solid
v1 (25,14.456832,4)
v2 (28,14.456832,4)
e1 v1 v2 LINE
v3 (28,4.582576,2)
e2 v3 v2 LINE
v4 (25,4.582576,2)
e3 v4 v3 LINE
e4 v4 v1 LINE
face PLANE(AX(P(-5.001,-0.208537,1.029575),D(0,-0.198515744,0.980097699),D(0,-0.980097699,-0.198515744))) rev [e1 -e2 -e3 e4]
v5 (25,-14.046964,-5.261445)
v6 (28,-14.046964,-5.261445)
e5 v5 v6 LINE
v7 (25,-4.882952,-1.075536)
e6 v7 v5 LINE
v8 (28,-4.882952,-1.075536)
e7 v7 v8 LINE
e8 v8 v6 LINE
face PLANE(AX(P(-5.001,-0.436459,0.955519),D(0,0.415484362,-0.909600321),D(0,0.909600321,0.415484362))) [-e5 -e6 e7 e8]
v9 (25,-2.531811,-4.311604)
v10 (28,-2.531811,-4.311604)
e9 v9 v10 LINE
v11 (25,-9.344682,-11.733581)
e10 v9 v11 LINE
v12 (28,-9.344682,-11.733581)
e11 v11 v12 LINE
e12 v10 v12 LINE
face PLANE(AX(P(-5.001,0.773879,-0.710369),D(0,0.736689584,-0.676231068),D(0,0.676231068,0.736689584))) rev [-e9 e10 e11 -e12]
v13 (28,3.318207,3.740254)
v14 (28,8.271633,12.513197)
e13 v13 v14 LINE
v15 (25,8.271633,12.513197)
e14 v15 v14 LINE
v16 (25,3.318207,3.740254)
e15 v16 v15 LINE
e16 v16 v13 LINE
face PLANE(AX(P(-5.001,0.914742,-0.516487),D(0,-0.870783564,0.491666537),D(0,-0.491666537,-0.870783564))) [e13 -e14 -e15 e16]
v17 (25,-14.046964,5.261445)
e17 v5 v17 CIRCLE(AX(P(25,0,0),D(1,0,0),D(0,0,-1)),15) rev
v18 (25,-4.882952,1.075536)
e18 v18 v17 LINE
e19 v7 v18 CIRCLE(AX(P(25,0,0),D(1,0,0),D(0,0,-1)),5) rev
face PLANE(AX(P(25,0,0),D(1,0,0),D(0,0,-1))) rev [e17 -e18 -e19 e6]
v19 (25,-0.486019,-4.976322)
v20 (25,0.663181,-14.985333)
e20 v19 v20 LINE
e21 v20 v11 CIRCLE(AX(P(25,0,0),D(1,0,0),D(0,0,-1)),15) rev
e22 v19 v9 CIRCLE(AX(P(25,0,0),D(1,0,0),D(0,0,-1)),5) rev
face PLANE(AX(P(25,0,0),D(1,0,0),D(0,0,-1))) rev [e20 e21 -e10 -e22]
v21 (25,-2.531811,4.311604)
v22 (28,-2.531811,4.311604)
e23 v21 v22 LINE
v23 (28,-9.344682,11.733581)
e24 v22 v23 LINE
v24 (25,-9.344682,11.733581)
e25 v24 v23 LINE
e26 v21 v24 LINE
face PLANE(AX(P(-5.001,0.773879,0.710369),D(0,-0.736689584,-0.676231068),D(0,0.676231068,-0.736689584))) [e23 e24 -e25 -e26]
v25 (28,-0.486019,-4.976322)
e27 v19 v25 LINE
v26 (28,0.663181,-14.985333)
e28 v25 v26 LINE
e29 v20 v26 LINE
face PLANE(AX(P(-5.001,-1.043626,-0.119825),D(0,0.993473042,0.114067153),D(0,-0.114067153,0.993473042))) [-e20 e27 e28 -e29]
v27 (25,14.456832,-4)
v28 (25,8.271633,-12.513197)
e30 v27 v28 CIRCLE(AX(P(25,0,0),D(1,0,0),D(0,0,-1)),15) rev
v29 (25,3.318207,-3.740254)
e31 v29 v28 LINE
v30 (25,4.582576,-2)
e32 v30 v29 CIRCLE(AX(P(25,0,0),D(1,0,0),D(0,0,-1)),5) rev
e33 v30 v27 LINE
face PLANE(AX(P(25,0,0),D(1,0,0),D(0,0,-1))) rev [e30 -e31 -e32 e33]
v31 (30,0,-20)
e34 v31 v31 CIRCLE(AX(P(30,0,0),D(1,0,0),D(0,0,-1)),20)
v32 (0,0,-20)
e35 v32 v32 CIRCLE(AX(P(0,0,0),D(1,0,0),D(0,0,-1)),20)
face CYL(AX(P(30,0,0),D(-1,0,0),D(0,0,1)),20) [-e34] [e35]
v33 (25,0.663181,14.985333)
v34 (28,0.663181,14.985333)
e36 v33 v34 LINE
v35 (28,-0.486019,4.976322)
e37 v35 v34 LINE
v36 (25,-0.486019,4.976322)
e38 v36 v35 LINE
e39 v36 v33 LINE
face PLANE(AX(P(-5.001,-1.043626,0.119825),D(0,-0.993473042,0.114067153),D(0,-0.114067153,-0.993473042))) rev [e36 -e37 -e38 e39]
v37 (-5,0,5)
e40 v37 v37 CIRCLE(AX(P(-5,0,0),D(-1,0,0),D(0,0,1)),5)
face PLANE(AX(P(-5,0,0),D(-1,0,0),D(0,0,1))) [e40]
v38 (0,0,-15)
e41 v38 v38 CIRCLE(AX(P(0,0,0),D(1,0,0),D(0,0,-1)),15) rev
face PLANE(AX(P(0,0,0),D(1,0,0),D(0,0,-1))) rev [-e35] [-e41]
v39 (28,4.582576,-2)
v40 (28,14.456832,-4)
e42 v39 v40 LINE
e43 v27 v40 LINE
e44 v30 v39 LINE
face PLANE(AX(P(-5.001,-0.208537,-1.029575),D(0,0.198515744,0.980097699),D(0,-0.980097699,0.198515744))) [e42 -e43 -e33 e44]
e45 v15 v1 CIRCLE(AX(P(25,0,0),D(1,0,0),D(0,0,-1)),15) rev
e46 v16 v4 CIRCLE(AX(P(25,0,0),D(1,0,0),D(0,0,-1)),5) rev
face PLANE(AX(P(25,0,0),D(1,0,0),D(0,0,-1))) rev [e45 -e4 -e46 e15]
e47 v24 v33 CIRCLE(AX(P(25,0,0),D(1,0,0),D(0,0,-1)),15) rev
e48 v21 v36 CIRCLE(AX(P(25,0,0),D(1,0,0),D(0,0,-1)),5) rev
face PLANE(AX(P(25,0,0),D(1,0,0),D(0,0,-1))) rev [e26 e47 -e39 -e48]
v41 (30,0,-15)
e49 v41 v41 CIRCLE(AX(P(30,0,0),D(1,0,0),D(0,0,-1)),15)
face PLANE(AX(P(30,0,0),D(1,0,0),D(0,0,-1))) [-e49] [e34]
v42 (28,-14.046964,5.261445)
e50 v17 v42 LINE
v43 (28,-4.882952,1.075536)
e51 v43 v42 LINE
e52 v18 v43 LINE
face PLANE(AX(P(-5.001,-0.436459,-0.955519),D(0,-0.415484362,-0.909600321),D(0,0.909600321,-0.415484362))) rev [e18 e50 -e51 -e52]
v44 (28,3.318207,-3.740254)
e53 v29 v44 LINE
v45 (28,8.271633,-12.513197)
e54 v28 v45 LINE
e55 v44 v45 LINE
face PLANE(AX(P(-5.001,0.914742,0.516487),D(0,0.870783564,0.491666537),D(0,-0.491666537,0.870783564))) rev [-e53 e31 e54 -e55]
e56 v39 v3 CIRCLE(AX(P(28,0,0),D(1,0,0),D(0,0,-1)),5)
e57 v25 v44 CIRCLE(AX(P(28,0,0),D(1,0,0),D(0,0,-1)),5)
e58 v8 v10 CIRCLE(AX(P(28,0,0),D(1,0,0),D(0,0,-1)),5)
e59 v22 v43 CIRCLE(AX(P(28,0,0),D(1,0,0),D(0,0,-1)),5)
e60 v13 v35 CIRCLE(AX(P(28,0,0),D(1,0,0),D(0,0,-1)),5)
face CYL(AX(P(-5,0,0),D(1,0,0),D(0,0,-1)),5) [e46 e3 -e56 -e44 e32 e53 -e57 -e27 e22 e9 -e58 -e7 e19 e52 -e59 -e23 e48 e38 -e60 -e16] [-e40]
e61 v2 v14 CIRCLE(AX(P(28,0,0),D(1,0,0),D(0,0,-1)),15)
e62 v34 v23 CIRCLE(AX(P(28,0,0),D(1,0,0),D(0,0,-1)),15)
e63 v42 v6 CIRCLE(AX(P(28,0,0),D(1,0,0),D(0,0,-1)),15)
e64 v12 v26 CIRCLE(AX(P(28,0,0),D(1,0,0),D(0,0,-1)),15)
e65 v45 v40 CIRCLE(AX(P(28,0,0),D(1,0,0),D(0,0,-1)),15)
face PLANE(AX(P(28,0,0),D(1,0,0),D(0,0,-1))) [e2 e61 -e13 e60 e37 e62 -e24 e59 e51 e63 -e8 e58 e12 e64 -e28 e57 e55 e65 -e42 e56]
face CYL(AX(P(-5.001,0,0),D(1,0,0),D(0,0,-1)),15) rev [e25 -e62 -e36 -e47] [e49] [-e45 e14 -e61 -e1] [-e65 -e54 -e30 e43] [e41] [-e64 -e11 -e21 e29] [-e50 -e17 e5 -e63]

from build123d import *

# Parameters (mm, degrees)
SKETCH1_R           = 20
BOSS_EXTRUDE1_DEPTH = 30
SKETCH2_R           = 5
BOSS_EXTRUDE2_DEPTH = 5
CUT_EXTRUDE1_REACH  = 47
CUT_EXTRUDE2_START  = -25
SKETCH4_R           = 15
SKETCH4_R_2         = 5
CUT_EXTRUDE2_DEPTH  = 25
SKETCH5_R           = 15
CUT_EXTRUDE3_DEPTH  = 2


with BuildPart() as part:
    # Sketch1 → Boss-Extrude1 (new body)
    with BuildSketch(Plane(origin=(0, 0, 0), x_dir=(0, 0, -1), z_dir=(1, 0, 0))):
        Circle(SKETCH1_R)
    extrude(amount=BOSS_EXTRUDE1_DEPTH)

    # Sketch2 → Boss-Extrude2 (add)
    with BuildSketch(Plane.ZY):
        with Locations(Location((0, 0, 0), (0, 0, 180))):
            Circle(SKETCH2_R)
    extrude(amount=BOSS_EXTRUDE2_DEPTH)

    # Sketch3 → Cut-Extrude1 (cut, up to next)
    with BuildSketch(Plane(origin=(30, 0, 0), x_dir=(0, 0, -1), z_dir=(1, 0, 0)), mode=Mode.PRIVATE) as cut_extrude1_sk1:
        with BuildLine():
            Line((0, 5), (0, 15))
            ThreePointArc((0, 15), (-2.018355219, 14.863587797), (-4, 14.456832295))
            Line((-4, 14.456832295), (-2, 4.582575695))
            ThreePointArc((-2, 4.582575695), (-1.021548218, 4.894531565), (0, 5))
        make_face()
    cut_extrude1_tool1 = extrude(cut_extrude1_sk1.sketch, amount=-CUT_EXTRUDE1_REACH, mode=Mode.PRIVATE) & part.part
    # Sketch3 → Cut-Extrude1 (cut, up to next)
    with BuildSketch(Plane(origin=(30, 0, 0), x_dir=(0, 0, -1), z_dir=(1, 0, 0)), mode=Mode.PRIVATE) as cut_extrude1_sk2:
        with BuildLine():
            ThreePointArc((4, 14.456832295), (2.018355219, 14.863587797), (0, 15))
            Line((0, 15), (0, 5))
            ThreePointArc((0, 5), (1.021548218, 4.894531565), (2, 4.582575695))
            Line((2, 4.582575695), (4, 14.456832295))
        make_face()
    cut_extrude1_tool2 = extrude(cut_extrude1_sk2.sketch, amount=-CUT_EXTRUDE1_REACH, mode=Mode.PRIVATE) & part.part
    # Sketch3 → Cut-Extrude1 (cut, up to next)
    with BuildSketch(Plane(origin=(30, 0, 0), x_dir=(0, 0, -1), z_dir=(1, 0, 0)), mode=Mode.PRIVATE) as cut_extrude1_sk3:
        with BuildLine():
            Line((-3.740254487, 3.3182068), (-12.513196581, 8.271632929))
            ThreePointArc((-12.513196581, 8.271632929), (-14.265847744, 4.635254916), (-14.985332536, 0.663180799))
            Line((-14.985332536, 0.663180799), (-4.976322465, -0.486019265))
            ThreePointArc((-4.976322465, -0.486019265), (-4.755282581, 1.545084972), (-3.740254487, 3.3182068))
        make_face()
    cut_extrude1_tool3 = extrude(cut_extrude1_sk3.sketch, amount=-CUT_EXTRUDE1_REACH, mode=Mode.PRIVATE) & part.part
    # Sketch3 → Cut-Extrude1 (cut, up to next)
    with BuildSketch(Plane(origin=(30, 0, 0), x_dir=(0, 0, -1), z_dir=(1, 0, 0)), mode=Mode.PRIVATE) as cut_extrude1_sk4:
        with BuildLine():
            Line((-5.26144484, -14.04696402), (-1.075536422, -4.88295212))
            ThreePointArc((-1.075536422, -4.88295212), (-2.938926261, -4.045084972), (-4.3116044, -2.531811111))
            Line((-4.3116044, -2.531811111), (-11.733580795, -9.344682002))
            ThreePointArc((-11.733580795, -9.344682002), (-8.816778784, -12.135254916), (-5.26144484, -14.04696402))
        make_face()
    cut_extrude1_tool4 = extrude(cut_extrude1_sk4.sketch, amount=-CUT_EXTRUDE1_REACH, mode=Mode.PRIVATE) & part.part
    # Sketch3 → Cut-Extrude1 (cut, up to next)
    with BuildSketch(Plane(origin=(30, 0, 0), x_dir=(0, 0, -1), z_dir=(1, 0, 0)), mode=Mode.PRIVATE) as cut_extrude1_sk5:
        with BuildLine():
            ThreePointArc((4.3116044, -2.531811111), (2.938926261, -4.045084972), (1.075536422, -4.88295212))
            Line((1.075536422, -4.88295212), (5.26144484, -14.04696402))
            ThreePointArc((5.26144484, -14.04696402), (8.816778784, -12.135254916), (11.733580795, -9.344682002))
            Line((11.733580795, -9.344682002), (4.3116044, -2.531811111))
        make_face()
    cut_extrude1_tool5 = extrude(cut_extrude1_sk5.sketch, amount=-CUT_EXTRUDE1_REACH, mode=Mode.PRIVATE) & part.part
    # Sketch3 → Cut-Extrude1 (cut, up to next)
    with BuildSketch(Plane(origin=(30, 0, 0), x_dir=(0, 0, -1), z_dir=(1, 0, 0)), mode=Mode.PRIVATE) as cut_extrude1_sk6:
        with BuildLine():
            ThreePointArc((14.985332536, 0.663180799), (14.265847744, 4.635254916), (12.513196581, 8.271632929))
            Line((12.513196581, 8.271632929), (3.740254487, 3.3182068))
            ThreePointArc((3.740254487, 3.3182068), (4.67446641, 1.774644692), (5, 0))
            ThreePointArc((5, 0), (4.994077108, -0.243297838), (4.976322465, -0.486019265))
            Line((4.976322465, -0.486019265), (14.985332536, 0.663180799))
        make_face()
    cut_extrude1_tool6 = extrude(cut_extrude1_sk6.sketch, amount=-CUT_EXTRUDE1_REACH, mode=Mode.PRIVATE) & part.part
    add(cut_extrude1_tool1.solids().sort_by_distance((30, 10.385553, 1.567824))[0], mode=Mode.SUBTRACT)
    add(cut_extrude1_tool2.solids().sort_by_distance((30, 10.385553, -1.567824))[0], mode=Mode.SUBTRACT)
    add(cut_extrude1_tool3.solids().sort_by_distance((30, 3.209313, 9.877248))[0], mode=Mode.SUBTRACT)
    add(cut_extrude1_tool4.solids().sort_by_distance((30, -8.402089, 6.104475))[0], mode=Mode.SUBTRACT)
    add(cut_extrude1_tool5.solids().sort_by_distance((30, -8.402089, -6.104475))[0], mode=Mode.SUBTRACT)
    add(cut_extrude1_tool6.solids().sort_by_distance((30, 3.209313, -9.877248))[0], mode=Mode.SUBTRACT)

    # Sketch4 → Cut-Extrude2 (cut)
    with BuildSketch(Plane.ZY.offset(CUT_EXTRUDE2_START)):
        with Locations(Location((0, 0, 0), (0, 0, 180))):
            Circle(SKETCH4_R)
        with Locations(Location((0, 0, 0), (0, 0, 185.578178478))):
            Circle(SKETCH4_R_2, mode=Mode.SUBTRACT)
    extrude(amount=CUT_EXTRUDE2_DEPTH, mode=Mode.SUBTRACT)

    # Sketch5 → Cut-Extrude3 (cut)
    with BuildSketch(Plane(origin=(30, 0, 0), x_dir=(0, 0, -1), z_dir=(1, 0, 0))):
        Circle(SKETCH5_R)
    extrude(amount=-CUT_EXTRUDE3_DEPTH, mode=Mode.SUBTRACT)


solid = part.part
